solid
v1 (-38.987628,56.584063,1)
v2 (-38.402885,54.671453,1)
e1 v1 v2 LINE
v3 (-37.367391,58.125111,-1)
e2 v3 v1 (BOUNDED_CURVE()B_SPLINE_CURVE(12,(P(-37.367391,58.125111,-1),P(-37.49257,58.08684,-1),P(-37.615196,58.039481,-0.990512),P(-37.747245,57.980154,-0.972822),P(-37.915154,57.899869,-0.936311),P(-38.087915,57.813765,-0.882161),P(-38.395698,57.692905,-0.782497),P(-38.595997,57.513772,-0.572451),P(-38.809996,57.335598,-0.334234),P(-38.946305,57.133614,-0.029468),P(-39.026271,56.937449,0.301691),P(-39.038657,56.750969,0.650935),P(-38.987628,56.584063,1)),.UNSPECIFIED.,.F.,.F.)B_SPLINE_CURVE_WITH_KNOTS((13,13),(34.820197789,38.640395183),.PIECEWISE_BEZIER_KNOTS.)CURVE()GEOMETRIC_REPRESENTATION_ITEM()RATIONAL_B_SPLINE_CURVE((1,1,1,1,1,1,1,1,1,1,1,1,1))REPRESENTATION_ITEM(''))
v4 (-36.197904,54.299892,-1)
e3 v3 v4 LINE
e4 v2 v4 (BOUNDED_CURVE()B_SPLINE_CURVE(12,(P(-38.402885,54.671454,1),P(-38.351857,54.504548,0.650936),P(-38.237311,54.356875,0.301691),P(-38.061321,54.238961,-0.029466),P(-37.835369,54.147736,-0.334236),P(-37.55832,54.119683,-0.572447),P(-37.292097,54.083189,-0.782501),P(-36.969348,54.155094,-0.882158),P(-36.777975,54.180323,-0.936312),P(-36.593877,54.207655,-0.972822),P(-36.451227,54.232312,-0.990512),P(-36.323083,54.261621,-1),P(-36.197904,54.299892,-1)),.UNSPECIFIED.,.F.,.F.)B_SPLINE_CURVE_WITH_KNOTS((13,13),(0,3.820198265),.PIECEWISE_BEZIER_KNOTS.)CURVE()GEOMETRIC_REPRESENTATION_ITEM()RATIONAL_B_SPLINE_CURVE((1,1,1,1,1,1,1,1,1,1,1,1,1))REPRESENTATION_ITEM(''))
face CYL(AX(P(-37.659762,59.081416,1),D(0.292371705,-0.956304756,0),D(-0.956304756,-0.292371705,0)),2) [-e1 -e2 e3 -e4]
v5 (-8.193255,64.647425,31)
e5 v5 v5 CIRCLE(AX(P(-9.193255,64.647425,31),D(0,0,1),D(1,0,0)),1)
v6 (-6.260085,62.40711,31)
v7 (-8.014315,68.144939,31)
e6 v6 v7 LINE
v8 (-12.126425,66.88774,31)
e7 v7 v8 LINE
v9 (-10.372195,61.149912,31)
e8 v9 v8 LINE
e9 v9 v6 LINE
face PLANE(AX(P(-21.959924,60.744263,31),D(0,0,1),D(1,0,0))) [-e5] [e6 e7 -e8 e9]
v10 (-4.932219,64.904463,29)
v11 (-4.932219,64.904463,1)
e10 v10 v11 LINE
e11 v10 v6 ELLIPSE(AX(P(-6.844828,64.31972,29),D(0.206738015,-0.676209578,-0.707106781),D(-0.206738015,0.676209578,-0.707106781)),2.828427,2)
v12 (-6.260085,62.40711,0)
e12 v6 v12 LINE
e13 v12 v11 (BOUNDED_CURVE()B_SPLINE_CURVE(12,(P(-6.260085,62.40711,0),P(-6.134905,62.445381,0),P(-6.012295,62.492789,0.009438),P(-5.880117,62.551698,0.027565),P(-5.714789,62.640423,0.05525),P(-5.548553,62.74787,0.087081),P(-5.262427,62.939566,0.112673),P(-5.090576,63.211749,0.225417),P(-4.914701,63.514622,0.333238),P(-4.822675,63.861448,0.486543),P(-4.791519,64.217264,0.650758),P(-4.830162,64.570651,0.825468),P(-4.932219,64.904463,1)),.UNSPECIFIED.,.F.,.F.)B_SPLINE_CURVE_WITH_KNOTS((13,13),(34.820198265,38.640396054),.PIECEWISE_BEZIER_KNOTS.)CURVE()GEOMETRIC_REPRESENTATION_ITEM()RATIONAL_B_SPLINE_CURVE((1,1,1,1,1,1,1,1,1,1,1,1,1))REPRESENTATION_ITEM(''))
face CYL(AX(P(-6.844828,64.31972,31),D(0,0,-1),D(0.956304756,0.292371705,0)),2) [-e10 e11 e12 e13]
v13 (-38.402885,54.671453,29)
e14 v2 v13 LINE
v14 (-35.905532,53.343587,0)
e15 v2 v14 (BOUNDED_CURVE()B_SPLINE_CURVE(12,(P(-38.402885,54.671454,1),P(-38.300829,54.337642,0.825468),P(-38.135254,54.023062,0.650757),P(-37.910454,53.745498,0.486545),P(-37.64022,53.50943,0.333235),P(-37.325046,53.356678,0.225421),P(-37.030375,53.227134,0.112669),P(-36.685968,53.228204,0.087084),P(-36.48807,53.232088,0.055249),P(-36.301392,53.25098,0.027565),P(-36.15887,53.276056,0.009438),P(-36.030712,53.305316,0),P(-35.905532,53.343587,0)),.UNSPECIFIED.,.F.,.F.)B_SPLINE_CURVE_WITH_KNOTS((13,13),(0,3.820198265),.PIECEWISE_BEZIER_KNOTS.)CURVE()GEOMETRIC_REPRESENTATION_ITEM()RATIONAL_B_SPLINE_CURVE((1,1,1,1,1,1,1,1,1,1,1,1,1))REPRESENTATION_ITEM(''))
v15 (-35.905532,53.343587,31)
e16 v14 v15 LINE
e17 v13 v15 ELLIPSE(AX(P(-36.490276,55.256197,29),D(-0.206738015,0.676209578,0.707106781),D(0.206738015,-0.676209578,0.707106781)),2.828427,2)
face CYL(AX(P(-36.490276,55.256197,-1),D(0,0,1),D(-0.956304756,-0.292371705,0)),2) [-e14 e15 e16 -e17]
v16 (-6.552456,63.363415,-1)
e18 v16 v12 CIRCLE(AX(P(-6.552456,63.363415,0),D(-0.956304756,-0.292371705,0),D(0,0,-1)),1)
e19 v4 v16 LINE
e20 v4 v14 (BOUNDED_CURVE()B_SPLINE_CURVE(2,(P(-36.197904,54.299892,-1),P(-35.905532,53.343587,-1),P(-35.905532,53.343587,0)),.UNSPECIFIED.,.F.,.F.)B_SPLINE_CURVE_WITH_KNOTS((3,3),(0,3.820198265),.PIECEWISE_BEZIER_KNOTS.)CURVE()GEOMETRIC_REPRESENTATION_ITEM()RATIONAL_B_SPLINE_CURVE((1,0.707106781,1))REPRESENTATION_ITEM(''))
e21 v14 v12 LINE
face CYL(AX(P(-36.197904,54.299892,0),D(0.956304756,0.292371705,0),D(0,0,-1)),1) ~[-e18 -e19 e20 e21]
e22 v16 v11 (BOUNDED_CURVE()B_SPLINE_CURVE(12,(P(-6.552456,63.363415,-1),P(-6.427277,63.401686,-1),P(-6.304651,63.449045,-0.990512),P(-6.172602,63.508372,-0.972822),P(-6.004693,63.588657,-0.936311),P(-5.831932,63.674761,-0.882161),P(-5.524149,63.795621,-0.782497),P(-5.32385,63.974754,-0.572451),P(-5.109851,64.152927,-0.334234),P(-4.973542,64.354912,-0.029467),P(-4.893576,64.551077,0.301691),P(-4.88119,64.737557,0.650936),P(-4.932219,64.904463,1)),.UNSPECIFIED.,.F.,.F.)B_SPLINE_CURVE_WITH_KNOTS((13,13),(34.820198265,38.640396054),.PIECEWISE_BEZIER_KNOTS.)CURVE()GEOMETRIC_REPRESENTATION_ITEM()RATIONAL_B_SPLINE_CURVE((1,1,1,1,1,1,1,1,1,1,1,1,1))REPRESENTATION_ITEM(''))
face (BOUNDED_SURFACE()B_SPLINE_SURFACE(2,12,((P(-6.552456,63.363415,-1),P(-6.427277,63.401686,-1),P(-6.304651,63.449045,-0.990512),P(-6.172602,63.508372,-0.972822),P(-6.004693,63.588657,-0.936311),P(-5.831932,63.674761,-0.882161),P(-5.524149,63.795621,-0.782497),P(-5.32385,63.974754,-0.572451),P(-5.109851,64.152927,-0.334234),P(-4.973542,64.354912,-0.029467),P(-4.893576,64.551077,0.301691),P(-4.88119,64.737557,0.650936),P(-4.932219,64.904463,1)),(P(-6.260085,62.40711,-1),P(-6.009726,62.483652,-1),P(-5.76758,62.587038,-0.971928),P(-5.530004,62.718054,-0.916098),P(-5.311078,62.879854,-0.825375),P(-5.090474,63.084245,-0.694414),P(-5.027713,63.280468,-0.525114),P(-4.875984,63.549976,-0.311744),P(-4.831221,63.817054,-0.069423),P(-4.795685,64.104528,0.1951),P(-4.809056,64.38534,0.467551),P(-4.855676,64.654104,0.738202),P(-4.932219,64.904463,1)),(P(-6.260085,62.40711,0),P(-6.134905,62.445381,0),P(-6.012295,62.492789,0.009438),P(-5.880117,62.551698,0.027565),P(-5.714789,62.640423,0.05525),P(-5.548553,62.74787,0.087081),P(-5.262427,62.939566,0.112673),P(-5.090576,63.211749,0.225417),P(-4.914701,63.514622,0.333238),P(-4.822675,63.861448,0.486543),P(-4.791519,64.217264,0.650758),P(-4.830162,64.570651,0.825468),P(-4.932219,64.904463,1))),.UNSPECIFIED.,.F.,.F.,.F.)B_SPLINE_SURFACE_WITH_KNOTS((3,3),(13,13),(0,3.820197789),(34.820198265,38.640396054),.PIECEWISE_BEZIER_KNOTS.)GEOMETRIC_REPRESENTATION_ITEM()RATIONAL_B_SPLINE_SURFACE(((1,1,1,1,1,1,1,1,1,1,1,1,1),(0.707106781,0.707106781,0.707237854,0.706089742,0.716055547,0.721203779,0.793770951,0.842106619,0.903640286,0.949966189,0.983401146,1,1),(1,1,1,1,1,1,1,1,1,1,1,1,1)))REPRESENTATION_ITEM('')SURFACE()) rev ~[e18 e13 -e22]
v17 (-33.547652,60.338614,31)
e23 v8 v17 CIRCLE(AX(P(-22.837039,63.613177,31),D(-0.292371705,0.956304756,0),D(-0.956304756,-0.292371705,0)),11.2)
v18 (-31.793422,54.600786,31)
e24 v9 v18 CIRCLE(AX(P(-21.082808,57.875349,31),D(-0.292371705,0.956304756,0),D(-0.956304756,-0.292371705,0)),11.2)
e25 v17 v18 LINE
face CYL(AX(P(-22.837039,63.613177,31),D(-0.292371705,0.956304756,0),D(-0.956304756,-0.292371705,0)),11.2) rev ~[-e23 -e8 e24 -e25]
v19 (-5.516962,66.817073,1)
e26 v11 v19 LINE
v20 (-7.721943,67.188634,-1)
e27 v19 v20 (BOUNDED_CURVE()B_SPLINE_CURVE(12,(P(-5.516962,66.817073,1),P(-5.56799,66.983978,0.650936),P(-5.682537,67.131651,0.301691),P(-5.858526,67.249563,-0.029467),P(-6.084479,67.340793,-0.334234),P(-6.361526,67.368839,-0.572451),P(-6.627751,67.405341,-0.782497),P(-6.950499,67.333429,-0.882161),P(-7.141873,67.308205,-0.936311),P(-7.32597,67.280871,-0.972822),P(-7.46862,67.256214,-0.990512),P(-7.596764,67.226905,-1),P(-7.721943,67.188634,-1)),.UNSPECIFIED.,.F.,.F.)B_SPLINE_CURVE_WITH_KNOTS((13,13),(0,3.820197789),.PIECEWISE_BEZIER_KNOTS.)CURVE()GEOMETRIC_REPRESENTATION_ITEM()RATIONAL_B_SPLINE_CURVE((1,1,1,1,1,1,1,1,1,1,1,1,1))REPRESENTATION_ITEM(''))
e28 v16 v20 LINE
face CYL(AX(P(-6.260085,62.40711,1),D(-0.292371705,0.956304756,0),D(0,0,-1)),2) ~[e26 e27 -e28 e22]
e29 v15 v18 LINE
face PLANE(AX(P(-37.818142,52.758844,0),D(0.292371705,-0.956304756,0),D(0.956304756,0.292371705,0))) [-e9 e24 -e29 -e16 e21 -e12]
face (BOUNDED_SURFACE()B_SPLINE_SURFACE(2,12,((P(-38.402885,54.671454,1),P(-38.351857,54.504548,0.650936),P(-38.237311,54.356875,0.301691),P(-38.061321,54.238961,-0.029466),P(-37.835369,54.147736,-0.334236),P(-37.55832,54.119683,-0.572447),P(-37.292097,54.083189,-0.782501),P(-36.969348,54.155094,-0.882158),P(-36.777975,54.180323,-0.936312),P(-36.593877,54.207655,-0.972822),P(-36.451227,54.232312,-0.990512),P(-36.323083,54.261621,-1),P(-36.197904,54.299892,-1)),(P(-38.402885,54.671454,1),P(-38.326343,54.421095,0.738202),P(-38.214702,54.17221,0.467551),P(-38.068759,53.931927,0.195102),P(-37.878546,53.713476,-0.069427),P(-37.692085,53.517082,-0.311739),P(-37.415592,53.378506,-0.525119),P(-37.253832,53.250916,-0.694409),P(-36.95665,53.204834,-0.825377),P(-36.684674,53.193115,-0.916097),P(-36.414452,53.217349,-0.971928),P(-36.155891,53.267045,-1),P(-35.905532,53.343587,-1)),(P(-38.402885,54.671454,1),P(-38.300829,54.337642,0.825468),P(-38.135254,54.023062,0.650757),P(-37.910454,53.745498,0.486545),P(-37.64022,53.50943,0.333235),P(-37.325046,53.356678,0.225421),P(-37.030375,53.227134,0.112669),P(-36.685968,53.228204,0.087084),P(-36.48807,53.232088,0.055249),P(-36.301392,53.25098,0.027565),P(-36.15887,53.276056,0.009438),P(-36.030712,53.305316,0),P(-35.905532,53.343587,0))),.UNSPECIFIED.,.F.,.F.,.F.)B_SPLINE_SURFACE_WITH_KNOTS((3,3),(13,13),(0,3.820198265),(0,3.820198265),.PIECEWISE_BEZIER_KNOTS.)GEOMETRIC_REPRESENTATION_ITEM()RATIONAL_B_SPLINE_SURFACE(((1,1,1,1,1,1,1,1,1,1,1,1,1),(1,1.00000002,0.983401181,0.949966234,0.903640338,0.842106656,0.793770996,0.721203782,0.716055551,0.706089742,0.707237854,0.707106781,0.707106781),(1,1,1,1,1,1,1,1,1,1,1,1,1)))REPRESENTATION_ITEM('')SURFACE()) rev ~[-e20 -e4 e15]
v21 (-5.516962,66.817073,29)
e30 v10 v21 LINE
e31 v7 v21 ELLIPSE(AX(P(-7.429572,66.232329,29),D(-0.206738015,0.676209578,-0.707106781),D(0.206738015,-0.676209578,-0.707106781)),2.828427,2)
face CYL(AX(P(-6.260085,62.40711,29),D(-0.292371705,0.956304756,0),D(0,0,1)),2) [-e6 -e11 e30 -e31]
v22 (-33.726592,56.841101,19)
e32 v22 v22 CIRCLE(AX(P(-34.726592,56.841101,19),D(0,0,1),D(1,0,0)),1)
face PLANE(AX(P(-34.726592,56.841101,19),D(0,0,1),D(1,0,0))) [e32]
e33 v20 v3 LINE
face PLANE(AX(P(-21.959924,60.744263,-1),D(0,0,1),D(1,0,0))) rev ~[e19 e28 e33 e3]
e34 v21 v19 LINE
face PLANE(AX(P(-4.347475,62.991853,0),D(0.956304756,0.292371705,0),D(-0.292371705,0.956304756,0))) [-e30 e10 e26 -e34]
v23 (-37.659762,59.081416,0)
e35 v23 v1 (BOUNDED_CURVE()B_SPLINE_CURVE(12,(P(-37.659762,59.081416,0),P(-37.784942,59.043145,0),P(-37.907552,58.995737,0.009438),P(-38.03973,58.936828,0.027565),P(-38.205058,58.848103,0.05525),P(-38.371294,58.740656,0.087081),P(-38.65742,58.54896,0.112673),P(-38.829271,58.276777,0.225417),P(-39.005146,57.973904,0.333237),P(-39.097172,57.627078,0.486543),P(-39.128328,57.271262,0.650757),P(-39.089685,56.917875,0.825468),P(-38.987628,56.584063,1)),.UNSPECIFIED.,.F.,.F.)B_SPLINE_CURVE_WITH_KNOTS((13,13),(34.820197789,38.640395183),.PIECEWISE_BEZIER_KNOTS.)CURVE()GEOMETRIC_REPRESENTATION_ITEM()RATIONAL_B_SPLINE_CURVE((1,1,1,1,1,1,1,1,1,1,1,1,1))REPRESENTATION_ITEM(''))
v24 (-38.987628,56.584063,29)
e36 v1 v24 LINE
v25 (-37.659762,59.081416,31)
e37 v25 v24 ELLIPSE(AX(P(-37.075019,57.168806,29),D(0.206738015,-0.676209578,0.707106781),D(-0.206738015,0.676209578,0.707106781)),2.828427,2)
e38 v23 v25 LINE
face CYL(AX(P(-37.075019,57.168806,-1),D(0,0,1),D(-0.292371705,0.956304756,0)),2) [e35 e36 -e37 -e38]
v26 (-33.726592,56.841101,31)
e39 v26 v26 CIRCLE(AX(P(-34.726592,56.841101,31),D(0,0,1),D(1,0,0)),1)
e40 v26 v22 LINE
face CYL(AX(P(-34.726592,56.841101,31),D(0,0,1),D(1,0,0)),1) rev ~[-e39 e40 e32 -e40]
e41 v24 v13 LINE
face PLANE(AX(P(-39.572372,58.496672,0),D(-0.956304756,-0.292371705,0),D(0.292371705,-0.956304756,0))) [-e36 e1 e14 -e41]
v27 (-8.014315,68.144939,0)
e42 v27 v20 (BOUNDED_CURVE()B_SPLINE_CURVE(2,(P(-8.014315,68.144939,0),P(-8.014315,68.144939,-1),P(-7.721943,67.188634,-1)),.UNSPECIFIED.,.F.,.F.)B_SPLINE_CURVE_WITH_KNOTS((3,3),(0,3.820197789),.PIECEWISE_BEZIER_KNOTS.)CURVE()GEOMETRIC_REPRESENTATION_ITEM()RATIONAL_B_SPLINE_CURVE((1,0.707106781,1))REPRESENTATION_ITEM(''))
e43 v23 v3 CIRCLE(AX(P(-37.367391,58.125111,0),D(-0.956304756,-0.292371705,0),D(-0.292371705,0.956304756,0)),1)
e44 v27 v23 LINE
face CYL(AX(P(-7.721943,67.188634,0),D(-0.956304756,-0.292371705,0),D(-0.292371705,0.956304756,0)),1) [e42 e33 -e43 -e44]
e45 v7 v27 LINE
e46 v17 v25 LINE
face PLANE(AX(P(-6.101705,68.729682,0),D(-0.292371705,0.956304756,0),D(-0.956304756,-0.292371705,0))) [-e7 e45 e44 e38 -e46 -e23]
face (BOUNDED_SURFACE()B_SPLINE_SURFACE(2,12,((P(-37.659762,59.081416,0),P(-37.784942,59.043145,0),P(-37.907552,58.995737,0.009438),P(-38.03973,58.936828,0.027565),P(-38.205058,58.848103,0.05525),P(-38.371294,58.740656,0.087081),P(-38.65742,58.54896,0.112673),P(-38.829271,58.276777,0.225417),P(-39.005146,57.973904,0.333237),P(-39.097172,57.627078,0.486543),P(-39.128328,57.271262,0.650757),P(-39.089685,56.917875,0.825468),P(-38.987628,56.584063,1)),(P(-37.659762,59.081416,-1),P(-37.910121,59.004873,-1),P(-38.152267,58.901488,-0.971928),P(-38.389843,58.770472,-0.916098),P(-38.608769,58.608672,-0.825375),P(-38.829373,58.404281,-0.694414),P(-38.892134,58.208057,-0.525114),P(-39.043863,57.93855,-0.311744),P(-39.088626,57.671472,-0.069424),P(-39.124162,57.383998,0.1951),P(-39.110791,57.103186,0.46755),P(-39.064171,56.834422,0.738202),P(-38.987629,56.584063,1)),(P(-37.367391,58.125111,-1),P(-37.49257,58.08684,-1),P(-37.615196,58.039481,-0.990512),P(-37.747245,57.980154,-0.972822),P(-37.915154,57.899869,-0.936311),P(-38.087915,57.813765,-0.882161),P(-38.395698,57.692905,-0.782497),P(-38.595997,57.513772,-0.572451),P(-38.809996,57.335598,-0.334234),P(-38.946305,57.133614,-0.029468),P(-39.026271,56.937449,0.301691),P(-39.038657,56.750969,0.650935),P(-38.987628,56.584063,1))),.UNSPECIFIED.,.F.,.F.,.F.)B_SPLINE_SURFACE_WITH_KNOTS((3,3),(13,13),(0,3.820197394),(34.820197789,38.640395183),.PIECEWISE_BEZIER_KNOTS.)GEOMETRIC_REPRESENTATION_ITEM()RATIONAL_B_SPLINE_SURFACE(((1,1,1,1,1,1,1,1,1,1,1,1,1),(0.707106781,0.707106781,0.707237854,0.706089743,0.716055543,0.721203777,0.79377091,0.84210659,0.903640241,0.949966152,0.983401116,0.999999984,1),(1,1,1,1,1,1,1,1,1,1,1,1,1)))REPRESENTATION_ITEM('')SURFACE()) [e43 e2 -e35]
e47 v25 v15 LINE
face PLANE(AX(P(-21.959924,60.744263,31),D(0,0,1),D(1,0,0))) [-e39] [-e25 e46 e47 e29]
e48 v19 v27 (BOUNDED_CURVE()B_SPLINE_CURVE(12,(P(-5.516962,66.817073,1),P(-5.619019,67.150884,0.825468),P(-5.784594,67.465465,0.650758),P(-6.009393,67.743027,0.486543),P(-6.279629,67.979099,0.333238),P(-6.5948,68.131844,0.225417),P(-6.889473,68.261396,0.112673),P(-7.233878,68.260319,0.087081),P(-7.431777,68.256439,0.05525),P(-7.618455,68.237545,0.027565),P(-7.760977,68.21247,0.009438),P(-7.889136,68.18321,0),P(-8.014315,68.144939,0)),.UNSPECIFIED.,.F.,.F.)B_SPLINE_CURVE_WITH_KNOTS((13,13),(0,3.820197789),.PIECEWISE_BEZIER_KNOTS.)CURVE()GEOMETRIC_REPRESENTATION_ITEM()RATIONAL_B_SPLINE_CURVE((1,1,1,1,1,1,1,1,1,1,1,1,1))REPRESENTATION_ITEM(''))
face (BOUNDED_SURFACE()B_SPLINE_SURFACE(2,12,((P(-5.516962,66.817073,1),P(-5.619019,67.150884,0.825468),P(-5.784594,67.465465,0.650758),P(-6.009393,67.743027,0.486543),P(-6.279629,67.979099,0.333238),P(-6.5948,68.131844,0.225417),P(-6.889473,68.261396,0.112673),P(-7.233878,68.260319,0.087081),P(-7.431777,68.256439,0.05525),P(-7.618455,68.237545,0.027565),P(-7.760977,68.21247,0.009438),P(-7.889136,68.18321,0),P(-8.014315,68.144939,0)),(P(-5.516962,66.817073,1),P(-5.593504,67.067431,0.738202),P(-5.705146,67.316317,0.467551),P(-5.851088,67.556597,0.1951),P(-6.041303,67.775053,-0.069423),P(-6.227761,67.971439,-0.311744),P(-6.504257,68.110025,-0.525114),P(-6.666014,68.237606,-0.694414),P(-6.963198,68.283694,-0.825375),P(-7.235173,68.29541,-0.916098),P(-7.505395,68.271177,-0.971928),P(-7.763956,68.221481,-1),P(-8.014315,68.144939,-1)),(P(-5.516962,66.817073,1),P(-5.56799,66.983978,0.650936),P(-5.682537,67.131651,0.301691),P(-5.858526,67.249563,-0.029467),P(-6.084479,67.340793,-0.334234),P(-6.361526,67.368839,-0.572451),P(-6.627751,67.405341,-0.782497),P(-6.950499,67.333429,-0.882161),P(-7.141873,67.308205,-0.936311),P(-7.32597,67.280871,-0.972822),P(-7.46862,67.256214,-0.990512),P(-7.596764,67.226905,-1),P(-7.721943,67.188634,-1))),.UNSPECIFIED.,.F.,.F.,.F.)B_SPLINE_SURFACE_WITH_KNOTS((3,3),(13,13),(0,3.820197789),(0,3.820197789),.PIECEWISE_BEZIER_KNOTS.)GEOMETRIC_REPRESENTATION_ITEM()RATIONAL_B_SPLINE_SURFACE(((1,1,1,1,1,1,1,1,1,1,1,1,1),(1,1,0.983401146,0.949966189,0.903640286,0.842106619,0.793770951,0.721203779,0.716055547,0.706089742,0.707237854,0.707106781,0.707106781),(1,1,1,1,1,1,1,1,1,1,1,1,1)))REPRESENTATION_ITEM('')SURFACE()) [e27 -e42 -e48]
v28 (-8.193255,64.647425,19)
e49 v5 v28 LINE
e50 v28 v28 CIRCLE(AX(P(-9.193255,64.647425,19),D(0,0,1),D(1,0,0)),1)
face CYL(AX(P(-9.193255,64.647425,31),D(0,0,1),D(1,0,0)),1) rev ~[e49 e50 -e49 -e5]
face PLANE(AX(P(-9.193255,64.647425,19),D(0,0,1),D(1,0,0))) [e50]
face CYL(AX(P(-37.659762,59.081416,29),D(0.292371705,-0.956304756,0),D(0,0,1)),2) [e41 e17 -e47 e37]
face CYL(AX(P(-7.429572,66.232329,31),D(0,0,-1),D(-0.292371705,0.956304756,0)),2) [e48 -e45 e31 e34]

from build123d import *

# Parameters (mm, degrees)
PAD005_DEPTH      = 31
PAD005_DEPTH_BACK = 1
SKETCH022_R       = 11.2
POCKET006_DEPTH   = 15.7868758107
FILLET001_R       = 2
FILLET002_R       = 2
FILLET003_R       = 1
SKETCH026_R       = 1
SKETCH026_R_2     = 1.795314
SKETCH026_R_3     = 4.028245
POCKET008_DEPTH   = 12


with BuildPart() as part:
    # Sketch017 → Pad005 (new body, two sides)
    with BuildSketch(Plane.XY) as pad005_sk:
        Polygon((-6.1017054199, 68.7296820229), (-39.5723718786, 58.4966723576), (-37.8181416502, 52.7588438218), (-4.3474751915, 62.9918534871), align=None)
    extrude(amount=PAD005_DEPTH)
    extrude(pad005_sk.sketch, amount=-PAD005_DEPTH_BACK)

    # Sketch022 → Pocket006 (cut, through all)
    with BuildSketch(Plane(origin=(-19.7381564076, 64.5606005697, 0), x_dir=(-0.956304756, -0.2923717047, 0), z_dir=(-0.2923717047, 0.956304756, 0))):
        with Locations((3.2404756144, 31)):
            Circle(SKETCH022_R)
    extrude(amount=-POCKET006_DEPTH, mode=Mode.SUBTRACT)

    # Fillet001
    fillet001_edges = [part.edges().sort_by_distance(p)[0] for p in [
        (-39.572372, 58.496672, 15),
        (-37.818142, 52.758844, 15),
        (-38.695257, 55.627758, -1),
        (-38.695257, 55.627758, 31),
    ]]
    fillet(fillet001_edges, radius=FILLET001_R)

    # Fillet002
    fillet002_edges = [part.edges().sort_by_distance(p)[0] for p in [
        (-4.347475, 62.991853, 15),
        (-6.101705, 68.729682, 15),
        (-5.22459, 65.860768, -1),
        (-5.22459, 65.860768, 31),
    ]]
    fillet(fillet002_edges, radius=FILLET002_R)

    # Fillet003
    fillet003_edges = [part.edges().sort_by_distance(p)[0] for p in [
        (-22.837039, 63.613177, -1),
        (-21.082808, 57.875349, -1),
    ]]
    fillet(fillet003_edges, radius=FILLET003_R)

    # Sketch026 → Pocket008 (cut)
    with BuildSketch(Plane.XY.offset(31)):
        with Locations((-9.1932550429, 64.6474251804)):
            Circle(SKETCH026_R)
        with Locations((-34.7265920272, 56.8411006643)):
            Circle(SKETCH026_R)
        with Locations((66.962929, 24.575243)):
            Circle(SKETCH026_R_2)
        with Locations((61.462162, -12.93002)):
            Circle(SKETCH026_R_3)
    extrude(amount=-POCKET008_DEPTH, mode=Mode.SUBTRACT)


solid = part.part
